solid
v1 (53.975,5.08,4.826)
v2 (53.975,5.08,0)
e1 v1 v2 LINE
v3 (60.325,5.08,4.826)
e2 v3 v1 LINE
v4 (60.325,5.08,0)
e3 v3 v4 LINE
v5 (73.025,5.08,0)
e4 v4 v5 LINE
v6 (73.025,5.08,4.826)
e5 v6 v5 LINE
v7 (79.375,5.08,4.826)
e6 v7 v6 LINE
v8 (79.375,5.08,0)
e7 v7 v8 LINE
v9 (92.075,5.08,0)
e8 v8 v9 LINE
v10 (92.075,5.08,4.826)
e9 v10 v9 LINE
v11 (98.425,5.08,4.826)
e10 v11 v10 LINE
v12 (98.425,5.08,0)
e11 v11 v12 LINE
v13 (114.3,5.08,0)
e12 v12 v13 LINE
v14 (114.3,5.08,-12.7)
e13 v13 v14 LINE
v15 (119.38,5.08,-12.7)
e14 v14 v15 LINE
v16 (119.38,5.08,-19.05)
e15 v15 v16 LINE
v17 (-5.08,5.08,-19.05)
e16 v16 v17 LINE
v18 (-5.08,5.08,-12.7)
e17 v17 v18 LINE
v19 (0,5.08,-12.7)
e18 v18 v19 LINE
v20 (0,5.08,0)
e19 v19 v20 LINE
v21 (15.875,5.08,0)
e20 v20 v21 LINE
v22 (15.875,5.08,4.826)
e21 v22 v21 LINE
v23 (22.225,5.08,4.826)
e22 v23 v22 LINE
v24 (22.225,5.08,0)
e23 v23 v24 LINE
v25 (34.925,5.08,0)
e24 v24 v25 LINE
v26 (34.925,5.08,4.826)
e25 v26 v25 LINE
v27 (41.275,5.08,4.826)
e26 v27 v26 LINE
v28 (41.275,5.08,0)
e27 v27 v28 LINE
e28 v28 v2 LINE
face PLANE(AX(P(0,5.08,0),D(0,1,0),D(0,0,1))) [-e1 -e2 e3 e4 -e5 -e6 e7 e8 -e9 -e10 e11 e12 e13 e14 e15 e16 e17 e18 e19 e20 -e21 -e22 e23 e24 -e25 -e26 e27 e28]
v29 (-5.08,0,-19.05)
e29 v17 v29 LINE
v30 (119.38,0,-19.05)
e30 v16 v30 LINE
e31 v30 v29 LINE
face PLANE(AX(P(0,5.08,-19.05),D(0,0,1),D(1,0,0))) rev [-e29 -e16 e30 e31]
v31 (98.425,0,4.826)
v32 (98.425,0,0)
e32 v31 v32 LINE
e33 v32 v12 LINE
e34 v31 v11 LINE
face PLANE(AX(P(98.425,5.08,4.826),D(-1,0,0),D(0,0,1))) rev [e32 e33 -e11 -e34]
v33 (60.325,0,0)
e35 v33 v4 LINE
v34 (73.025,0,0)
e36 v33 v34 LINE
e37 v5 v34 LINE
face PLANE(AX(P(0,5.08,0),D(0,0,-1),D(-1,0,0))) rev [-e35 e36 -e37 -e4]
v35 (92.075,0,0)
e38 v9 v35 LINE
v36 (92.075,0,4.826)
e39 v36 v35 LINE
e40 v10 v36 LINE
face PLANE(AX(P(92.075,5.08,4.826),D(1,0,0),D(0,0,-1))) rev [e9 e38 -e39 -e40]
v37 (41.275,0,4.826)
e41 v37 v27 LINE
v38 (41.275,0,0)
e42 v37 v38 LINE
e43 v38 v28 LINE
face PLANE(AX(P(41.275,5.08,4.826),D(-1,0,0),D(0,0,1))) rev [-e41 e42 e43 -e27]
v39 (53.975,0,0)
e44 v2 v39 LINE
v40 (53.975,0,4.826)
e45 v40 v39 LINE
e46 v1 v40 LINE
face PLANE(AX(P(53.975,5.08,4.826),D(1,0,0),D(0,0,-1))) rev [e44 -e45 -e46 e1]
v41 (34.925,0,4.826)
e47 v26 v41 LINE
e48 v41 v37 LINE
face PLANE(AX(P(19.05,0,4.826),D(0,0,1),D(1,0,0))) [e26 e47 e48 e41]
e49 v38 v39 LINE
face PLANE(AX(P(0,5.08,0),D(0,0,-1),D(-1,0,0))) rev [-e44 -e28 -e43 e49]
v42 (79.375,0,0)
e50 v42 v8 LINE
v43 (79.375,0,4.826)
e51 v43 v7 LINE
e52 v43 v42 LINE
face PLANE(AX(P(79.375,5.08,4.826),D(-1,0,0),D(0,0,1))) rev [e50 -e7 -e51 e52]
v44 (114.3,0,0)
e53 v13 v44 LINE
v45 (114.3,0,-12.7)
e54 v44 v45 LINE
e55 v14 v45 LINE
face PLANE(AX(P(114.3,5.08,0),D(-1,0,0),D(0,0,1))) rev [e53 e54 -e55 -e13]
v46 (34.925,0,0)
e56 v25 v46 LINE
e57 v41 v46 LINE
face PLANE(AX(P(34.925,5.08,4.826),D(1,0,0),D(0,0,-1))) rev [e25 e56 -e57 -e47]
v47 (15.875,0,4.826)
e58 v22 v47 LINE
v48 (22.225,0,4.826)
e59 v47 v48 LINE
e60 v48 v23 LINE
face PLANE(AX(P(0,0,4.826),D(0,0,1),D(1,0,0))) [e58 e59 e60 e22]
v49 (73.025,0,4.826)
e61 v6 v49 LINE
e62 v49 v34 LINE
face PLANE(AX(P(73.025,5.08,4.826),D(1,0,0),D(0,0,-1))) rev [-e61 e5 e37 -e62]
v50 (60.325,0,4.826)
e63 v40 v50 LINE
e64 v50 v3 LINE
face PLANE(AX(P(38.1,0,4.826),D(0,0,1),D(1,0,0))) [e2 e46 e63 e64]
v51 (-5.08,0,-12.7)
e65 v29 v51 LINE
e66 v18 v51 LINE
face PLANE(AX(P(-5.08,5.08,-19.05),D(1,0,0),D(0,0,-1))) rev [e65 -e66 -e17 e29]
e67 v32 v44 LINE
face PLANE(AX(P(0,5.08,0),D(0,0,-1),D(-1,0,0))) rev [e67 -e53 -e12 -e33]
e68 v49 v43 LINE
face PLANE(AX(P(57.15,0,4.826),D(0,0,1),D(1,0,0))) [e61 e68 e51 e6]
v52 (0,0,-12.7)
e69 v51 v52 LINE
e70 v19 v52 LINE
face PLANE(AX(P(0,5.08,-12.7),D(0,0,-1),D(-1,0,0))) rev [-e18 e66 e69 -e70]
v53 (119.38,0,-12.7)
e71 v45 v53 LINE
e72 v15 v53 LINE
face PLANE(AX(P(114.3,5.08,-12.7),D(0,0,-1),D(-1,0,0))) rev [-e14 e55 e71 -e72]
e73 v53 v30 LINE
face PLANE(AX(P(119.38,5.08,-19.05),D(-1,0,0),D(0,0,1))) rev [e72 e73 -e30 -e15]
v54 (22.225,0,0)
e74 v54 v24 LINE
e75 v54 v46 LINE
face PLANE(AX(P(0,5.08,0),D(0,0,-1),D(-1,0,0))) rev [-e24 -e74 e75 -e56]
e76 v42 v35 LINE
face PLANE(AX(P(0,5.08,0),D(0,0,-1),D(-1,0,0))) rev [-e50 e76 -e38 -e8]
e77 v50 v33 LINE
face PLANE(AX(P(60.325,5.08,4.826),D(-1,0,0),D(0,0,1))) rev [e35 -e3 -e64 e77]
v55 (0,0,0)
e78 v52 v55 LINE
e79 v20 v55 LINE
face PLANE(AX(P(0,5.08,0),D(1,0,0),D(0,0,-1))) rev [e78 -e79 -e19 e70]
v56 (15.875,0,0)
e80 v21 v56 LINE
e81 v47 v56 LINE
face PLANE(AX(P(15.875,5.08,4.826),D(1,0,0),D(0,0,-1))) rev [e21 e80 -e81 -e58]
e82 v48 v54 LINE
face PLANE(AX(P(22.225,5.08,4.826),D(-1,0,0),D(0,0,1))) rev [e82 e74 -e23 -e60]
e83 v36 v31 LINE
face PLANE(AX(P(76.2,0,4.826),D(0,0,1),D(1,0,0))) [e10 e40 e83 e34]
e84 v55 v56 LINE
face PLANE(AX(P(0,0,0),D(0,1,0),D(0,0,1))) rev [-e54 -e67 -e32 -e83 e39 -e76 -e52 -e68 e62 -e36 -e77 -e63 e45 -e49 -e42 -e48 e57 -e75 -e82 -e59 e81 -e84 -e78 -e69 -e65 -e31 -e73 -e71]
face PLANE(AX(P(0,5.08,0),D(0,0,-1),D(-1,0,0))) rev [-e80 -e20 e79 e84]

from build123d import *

# Parameters (mm, degrees)
BOSS_EXTRUDE1_DEPTH = 5.08
SKETCH2_W           = 6.35
SKETCH2_H           = 5.08
BOSS_EXTRUDE2_DEPTH = 4.826
LPATTERN1_COUNT     = 5
LPATTERN1_PITCH     = 19.05


with BuildPart() as part:
    # Sketch1 → Boss-Extrude1 (new body)
    with BuildSketch(Plane(origin=(0, 0, 0), x_dir=(1, 0, 0), z_dir=(0, 1, 0))):
        Polygon((0, 0), (114.3, 0), (114.3, 12.7), (119.38, 12.7), (119.38, 19.05), (114.3, 19.05), (0, 19.05), (-5.08, 19.05), (-5.08, 12.7), (0, 12.7), align=None)
    extrude(amount=BOSS_EXTRUDE1_DEPTH)

    # Sketch2 → Boss-Extrude2 (add)
    with BuildSketch(Plane.XY):
        with Locations((19.05, 2.54)):
            Rectangle(SKETCH2_W, SKETCH2_H)
    boss_extrude2 = extrude(amount=BOSS_EXTRUDE2_DEPTH)

    # LPattern1: Boss-Extrude2 ×5
    with Locations(*[(i * LPATTERN1_PITCH, 0, 0) for i in range(1, LPATTERN1_COUNT)]):
        add(boss_extrude2)


solid = part.part
